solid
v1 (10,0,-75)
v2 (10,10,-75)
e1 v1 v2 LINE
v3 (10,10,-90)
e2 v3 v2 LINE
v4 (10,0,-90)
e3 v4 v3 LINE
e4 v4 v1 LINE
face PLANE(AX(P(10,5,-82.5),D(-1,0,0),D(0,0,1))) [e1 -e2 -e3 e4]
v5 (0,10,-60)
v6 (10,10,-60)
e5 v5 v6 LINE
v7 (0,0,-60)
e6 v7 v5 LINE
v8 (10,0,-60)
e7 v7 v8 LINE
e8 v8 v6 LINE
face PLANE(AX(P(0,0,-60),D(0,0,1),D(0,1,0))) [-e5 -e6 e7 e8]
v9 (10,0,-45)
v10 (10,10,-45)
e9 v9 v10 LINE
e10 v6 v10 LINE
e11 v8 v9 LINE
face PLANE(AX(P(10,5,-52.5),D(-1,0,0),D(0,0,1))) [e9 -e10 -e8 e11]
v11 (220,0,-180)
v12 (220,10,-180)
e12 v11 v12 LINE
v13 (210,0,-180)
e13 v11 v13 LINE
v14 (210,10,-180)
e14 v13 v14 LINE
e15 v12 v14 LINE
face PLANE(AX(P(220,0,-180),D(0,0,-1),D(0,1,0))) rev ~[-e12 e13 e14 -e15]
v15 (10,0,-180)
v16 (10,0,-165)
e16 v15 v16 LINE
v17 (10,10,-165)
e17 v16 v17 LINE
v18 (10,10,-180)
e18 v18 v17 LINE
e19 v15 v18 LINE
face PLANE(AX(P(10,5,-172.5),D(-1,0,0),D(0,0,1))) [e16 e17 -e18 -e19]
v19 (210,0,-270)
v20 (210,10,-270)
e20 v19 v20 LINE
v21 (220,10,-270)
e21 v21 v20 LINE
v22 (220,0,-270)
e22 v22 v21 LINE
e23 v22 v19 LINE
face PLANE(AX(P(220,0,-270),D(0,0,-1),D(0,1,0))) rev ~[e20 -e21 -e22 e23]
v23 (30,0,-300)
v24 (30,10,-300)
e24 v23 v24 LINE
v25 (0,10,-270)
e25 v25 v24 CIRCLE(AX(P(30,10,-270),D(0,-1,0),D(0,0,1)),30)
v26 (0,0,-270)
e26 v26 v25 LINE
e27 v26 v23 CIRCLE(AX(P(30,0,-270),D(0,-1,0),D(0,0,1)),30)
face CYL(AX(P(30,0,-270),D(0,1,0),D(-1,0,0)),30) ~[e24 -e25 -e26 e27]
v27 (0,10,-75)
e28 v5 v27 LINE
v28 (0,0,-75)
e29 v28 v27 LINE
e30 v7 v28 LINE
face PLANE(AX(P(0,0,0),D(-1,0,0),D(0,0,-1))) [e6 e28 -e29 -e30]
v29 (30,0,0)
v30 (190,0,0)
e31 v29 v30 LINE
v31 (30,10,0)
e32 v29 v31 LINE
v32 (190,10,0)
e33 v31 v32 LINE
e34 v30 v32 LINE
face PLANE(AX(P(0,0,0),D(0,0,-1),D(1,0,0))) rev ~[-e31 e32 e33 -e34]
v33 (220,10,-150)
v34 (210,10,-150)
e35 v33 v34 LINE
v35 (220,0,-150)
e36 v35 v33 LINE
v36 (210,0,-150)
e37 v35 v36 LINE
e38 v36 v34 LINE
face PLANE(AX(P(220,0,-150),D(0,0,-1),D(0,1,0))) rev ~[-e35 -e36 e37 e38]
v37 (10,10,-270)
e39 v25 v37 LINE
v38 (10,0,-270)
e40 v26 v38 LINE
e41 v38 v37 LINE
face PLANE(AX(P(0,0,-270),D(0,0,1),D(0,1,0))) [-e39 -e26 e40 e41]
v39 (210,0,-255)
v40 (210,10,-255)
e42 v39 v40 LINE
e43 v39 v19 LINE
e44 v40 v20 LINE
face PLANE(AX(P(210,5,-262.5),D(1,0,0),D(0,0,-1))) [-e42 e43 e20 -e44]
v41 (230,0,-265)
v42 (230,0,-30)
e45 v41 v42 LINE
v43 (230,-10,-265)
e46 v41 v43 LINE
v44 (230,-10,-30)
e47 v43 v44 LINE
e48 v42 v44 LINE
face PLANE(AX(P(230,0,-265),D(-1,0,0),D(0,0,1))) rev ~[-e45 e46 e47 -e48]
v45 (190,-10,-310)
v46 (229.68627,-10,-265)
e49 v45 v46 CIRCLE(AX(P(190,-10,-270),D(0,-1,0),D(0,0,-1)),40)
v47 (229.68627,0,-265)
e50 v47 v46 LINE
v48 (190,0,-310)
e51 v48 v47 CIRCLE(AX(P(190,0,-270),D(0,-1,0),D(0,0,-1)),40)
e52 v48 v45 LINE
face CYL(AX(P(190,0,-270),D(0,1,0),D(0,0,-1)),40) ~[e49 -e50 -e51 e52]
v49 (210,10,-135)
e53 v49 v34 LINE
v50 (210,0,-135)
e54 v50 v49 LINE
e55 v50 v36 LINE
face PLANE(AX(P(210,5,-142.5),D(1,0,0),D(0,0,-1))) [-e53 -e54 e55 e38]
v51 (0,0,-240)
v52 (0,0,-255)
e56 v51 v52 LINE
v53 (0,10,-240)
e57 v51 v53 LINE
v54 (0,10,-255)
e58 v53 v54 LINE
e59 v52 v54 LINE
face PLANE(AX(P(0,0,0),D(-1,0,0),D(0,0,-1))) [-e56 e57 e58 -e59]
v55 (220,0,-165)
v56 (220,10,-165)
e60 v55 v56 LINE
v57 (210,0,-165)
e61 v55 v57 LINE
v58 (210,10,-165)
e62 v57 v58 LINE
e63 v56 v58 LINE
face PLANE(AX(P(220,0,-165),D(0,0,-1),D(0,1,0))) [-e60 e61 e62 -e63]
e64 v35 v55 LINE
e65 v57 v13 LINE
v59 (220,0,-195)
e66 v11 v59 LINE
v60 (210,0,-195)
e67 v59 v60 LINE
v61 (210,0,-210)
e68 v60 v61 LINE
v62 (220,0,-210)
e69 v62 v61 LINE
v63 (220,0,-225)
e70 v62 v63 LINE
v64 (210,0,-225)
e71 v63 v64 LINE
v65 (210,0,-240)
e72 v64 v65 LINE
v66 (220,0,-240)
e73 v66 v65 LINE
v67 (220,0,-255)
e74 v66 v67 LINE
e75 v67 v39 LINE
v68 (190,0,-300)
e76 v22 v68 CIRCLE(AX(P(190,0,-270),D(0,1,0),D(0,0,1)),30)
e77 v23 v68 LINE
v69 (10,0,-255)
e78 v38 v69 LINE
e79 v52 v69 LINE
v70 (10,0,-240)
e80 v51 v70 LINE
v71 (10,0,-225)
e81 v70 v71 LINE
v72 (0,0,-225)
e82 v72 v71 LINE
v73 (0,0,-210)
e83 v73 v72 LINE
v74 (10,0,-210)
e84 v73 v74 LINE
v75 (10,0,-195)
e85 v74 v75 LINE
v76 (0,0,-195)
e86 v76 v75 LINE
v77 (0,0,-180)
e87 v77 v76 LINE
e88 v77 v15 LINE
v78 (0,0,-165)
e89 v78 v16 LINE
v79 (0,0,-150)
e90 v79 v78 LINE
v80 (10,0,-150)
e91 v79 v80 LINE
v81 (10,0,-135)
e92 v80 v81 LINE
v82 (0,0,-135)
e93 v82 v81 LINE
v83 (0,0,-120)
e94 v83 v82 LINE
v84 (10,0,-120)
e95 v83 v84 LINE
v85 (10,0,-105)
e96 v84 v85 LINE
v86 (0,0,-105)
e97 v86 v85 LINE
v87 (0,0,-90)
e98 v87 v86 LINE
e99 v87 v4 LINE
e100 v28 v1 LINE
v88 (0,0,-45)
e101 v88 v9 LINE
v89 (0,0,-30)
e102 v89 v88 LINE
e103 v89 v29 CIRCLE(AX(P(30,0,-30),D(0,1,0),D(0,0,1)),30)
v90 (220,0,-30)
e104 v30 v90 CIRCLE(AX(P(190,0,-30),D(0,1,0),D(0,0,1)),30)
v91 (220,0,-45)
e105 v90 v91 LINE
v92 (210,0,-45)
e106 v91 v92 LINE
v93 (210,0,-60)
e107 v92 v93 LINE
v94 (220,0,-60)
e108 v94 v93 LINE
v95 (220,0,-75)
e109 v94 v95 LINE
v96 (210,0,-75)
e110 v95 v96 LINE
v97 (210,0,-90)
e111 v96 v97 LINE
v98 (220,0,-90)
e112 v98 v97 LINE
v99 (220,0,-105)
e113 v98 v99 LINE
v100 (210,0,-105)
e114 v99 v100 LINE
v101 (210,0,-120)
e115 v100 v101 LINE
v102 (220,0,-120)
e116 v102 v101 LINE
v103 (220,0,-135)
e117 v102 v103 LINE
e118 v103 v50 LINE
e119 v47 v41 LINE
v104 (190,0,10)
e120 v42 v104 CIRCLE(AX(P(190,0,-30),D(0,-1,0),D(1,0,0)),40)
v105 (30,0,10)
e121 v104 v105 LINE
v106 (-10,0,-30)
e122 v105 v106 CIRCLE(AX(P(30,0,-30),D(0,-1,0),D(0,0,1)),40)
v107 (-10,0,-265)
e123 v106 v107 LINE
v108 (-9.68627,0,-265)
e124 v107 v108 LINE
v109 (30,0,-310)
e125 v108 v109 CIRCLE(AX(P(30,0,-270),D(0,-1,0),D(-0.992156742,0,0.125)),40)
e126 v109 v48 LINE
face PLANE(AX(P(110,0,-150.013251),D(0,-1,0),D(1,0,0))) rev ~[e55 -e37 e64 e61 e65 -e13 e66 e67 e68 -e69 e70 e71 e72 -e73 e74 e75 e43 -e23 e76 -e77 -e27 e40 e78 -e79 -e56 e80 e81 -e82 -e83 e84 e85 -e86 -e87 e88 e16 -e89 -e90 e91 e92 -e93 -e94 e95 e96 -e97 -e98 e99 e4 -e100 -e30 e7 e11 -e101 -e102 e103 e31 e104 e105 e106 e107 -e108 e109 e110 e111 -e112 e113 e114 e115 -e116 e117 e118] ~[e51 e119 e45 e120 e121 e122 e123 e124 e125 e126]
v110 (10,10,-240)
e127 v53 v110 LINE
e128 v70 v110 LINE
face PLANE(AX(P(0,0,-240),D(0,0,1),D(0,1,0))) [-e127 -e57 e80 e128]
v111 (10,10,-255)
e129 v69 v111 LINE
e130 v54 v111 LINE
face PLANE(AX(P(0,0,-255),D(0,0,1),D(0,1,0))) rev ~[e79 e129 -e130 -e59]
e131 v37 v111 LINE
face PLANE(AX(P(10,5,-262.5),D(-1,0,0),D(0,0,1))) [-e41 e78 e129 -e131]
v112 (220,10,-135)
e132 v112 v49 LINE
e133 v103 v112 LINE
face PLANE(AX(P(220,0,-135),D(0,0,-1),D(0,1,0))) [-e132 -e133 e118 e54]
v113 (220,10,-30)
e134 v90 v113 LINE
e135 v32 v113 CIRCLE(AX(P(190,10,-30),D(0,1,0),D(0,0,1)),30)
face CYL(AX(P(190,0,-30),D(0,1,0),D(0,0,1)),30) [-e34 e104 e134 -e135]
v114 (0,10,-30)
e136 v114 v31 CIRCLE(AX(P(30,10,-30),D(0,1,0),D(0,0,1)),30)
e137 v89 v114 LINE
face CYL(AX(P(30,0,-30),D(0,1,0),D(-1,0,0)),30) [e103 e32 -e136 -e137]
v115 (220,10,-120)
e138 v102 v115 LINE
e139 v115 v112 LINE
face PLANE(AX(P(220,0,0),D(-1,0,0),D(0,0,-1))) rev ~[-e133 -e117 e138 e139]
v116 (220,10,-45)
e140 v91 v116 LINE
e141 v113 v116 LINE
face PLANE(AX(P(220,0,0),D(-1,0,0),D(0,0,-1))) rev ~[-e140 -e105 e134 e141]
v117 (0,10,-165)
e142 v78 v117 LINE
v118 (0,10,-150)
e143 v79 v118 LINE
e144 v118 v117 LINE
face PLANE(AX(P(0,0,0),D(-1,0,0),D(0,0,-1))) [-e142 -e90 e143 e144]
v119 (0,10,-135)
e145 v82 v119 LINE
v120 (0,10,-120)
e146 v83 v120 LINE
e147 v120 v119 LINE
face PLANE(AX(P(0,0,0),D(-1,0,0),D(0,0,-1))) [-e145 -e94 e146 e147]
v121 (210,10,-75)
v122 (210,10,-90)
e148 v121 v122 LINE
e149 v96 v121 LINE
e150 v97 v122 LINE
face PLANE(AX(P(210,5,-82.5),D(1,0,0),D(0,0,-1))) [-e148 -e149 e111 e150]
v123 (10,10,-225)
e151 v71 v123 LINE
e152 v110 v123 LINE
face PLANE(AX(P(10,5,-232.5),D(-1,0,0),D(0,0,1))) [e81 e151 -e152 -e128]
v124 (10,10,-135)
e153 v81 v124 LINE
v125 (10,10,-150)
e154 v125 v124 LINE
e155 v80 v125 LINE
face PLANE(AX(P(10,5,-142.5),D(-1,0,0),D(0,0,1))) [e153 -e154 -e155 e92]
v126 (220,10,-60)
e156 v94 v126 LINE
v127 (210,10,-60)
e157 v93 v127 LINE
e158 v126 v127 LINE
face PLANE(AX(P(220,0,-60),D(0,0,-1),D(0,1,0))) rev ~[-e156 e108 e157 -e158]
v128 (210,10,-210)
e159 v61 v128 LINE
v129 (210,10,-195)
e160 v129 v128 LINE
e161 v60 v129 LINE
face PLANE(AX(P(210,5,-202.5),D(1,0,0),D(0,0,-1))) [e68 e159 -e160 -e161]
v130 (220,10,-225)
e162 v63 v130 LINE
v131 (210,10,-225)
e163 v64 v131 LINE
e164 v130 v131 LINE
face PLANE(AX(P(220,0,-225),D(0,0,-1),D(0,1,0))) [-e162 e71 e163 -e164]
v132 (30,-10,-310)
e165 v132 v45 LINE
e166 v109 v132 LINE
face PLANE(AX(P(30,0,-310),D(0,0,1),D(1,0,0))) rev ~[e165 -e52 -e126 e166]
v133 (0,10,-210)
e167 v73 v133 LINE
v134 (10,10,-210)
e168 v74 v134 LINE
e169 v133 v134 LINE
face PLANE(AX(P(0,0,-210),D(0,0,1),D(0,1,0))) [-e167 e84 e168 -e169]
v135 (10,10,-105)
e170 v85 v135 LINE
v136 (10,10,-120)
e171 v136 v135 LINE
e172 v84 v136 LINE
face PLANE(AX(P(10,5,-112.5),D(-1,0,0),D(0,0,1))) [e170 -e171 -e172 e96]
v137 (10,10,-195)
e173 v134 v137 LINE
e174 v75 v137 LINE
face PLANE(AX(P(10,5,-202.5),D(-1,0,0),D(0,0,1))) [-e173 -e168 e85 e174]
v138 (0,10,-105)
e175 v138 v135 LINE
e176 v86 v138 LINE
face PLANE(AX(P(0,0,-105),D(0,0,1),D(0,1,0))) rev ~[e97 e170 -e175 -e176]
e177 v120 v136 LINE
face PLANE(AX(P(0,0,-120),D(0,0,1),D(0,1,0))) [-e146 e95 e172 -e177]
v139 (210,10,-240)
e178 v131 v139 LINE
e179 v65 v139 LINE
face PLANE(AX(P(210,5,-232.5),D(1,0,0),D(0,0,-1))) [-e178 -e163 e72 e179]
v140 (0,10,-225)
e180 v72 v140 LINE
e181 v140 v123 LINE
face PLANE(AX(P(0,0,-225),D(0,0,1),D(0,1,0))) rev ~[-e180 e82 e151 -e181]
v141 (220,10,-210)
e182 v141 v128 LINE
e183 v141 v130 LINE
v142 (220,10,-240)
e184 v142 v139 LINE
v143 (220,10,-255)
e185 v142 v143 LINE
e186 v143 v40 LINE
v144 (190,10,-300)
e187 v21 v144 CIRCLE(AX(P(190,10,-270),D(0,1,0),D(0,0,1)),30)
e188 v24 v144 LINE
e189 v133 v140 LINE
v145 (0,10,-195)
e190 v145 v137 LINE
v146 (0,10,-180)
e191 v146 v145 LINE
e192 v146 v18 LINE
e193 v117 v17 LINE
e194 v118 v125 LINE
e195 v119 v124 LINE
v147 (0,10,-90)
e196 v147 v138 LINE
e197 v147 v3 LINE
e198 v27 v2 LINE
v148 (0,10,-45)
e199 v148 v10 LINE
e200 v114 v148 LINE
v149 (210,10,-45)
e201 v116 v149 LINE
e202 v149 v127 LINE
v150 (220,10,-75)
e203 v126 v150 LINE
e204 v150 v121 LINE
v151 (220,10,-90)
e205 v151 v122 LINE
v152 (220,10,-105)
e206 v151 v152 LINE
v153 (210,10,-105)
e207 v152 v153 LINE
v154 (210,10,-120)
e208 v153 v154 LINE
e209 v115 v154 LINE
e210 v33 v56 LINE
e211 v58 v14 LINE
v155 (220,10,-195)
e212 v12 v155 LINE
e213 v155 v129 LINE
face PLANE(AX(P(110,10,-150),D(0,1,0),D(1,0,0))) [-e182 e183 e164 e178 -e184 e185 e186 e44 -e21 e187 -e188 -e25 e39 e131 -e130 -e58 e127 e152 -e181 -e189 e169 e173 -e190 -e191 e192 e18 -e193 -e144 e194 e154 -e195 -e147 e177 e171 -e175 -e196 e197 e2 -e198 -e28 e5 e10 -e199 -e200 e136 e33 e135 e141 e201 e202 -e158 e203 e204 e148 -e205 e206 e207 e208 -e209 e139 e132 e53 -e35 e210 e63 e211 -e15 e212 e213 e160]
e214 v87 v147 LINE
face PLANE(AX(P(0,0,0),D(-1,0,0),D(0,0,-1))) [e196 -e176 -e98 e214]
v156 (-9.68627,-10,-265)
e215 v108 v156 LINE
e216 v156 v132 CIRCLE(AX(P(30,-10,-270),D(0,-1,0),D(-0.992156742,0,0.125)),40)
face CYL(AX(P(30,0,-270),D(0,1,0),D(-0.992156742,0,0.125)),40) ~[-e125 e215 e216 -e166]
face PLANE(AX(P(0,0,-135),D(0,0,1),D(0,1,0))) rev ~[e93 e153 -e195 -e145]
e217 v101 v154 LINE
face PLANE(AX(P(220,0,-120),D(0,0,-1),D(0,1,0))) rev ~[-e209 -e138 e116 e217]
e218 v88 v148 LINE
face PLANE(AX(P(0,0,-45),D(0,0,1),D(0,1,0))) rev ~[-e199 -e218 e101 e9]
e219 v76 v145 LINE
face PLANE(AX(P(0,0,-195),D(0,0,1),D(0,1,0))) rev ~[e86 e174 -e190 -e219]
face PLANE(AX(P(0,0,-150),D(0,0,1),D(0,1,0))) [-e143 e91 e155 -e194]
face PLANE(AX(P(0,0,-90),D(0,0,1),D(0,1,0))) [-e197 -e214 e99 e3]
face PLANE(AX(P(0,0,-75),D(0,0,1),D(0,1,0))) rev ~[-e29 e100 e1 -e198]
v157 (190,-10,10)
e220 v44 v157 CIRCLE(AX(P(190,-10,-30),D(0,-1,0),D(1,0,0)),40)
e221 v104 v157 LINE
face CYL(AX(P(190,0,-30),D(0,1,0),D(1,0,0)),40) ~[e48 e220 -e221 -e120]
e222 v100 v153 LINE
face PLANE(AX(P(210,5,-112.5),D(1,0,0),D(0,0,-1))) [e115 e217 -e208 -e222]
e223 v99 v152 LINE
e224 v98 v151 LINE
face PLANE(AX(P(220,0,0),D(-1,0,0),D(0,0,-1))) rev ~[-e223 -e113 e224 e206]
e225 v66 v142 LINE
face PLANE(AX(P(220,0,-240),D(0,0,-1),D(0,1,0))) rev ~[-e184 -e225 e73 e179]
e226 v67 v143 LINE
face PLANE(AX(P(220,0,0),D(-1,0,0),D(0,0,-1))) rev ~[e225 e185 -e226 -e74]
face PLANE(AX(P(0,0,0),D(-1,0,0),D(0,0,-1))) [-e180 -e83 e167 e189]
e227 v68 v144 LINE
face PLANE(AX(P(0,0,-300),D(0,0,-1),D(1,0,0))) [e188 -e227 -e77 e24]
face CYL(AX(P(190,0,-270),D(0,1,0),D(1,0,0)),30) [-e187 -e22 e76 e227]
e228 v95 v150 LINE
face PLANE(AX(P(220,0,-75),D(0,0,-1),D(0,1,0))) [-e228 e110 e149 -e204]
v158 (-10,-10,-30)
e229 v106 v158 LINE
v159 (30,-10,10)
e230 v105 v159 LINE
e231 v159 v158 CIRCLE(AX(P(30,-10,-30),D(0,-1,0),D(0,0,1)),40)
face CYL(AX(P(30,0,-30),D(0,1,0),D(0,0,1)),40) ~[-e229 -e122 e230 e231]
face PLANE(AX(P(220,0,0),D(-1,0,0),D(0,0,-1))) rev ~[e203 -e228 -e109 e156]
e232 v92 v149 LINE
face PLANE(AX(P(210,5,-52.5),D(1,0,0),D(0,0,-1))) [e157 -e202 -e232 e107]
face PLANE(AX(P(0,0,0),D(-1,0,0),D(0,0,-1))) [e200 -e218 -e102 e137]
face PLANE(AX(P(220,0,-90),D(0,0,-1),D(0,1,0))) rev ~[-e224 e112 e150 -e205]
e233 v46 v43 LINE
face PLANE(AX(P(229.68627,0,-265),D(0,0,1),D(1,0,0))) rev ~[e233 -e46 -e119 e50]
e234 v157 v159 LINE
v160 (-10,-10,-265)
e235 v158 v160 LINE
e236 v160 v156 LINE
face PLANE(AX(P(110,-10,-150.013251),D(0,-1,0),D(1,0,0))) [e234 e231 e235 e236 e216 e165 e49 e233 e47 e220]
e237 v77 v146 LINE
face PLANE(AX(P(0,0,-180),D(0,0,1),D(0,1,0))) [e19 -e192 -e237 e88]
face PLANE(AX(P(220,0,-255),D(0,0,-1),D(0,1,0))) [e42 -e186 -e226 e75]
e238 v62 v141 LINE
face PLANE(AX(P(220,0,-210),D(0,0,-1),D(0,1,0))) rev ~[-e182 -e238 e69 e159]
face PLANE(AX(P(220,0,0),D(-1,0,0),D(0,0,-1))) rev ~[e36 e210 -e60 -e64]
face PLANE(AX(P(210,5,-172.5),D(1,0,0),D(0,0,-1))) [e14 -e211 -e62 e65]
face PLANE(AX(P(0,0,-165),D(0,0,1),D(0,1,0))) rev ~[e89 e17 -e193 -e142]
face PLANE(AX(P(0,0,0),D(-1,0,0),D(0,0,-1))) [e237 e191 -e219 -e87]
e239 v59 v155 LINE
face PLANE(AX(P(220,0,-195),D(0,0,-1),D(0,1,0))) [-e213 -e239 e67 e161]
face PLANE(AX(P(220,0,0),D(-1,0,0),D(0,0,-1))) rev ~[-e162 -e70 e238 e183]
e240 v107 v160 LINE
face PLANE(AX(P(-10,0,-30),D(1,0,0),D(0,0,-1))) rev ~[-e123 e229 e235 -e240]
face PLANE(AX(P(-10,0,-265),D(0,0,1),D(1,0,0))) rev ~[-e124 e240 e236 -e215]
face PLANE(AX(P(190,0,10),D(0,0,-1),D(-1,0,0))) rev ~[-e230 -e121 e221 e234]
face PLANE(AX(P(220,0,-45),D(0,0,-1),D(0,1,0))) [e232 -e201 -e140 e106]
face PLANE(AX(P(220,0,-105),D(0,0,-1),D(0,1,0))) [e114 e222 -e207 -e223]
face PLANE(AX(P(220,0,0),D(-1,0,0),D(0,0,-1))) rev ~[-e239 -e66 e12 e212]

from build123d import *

# Parameters (mm, degrees)
SKETCH1_W           = 220
SKETCH1_H           = 300
BOSS_EXTRUDE1_DEPTH = 10
FILLET1_R           = 30
SKETCH9_W           = 15
SKETCH9_H           = 10
CUT_EXTRUDE1_DEPTH  = 10
SKETCH8_W           = 15
SKETCH8_H           = 10
CUT_EXTRUDE2_DEPTH  = 10
BOSS_EXTRUDE3_DEPTH = 10


with BuildPart() as part:
    # Sketch1 → Boss-Extrude1 (new body)
    with BuildSketch(Plane(origin=(0, 0, 0), x_dir=(1, 0, 0), z_dir=(0, 1, 0))):
        with Locations((110, 150)):
            Rectangle(SKETCH1_W, SKETCH1_H)
    extrude(amount=BOSS_EXTRUDE1_DEPTH)

    # Fillet1
    fillet1_edges = [part.edges().sort_by_distance(p)[0] for p in [
        (0, 5, -300),
        (220, 5, -300),
        (220, 5, 0),
        (0, 5, 0),
    ]]
    fillet(fillet1_edges, radius=FILLET1_R)

    # Sketch9 → Cut-Extrude1 (cut)
    with BuildSketch(Plane(origin=(220, 0, 0), x_dir=(0, 0, -1), z_dir=(1, 0, 0))):
        with Locations((262.5, 5)):
            Rectangle(SKETCH9_W, SKETCH9_H)
        with Locations((232.5, 5)):
            Rectangle(SKETCH9_W, SKETCH9_H)
        with Locations((202.5, 5)):
            Rectangle(SKETCH9_W, SKETCH9_H)
        with Locations((172.5, 5)):
            Rectangle(SKETCH9_W, SKETCH9_H)
        with Locations((142.5, 5)):
            Rectangle(SKETCH9_W, SKETCH9_H)
        with Locations((112.5, 5)):
            Rectangle(SKETCH9_W, SKETCH9_H)
        with Locations((82.5, 5)):
            Rectangle(SKETCH9_W, SKETCH9_H)
        with Locations((52.5, 5)):
            Rectangle(SKETCH9_W, SKETCH9_H)
    extrude(amount=-CUT_EXTRUDE1_DEPTH, mode=Mode.SUBTRACT)

    # Sketch8 → Cut-Extrude2 (cut)
    with BuildSketch(Plane.ZY):
        with Locations((-262.5, 5)):
            Rectangle(SKETCH8_W, SKETCH8_H)
        with Locations((-232.5, 5)):
            Rectangle(SKETCH8_W, SKETCH8_H)
        with Locations((-202.5, 5)):
            Rectangle(SKETCH8_W, SKETCH8_H)
        with Locations((-172.5, 5)):
            Rectangle(SKETCH8_W, SKETCH8_H)
        with Locations((-142.5, 5)):
            Rectangle(SKETCH8_W, SKETCH8_H)
        with Locations((-112.5, 5)):
            Rectangle(SKETCH8_W, SKETCH8_H)
        with Locations((-82.5, 5)):
            Rectangle(SKETCH8_W, SKETCH8_H)
        with Locations((-52.5, 5)):
            Rectangle(SKETCH8_W, SKETCH8_H)
    extrude(amount=-CUT_EXTRUDE2_DEPTH, mode=Mode.SUBTRACT)

    # Sketch11 → Boss-Extrude3 (add)
    with BuildSketch(Plane.XZ):
        with BuildLine():
            Line((229.686269666, -265), (230, -265))
            Line((230, -265), (230, -30))
            ThreePointArc((230, -30), (218.284271247, -1.715728753), (190, 10))
            Line((190, 10), (30, 10))
            ThreePointArc((30, 10), (1.715728753, -1.715728753), (-10, -30))
            Line((-10, -30), (-10, -265))
            Line((-10, -265), (-9.686269666, -265))
            ThreePointArc((-9.686269666, -265), (0, -296.457513111), (30, -310))
            Line((30, -310), (190, -310))
            ThreePointArc((190, -310), (220, -296.457513111), (229.686269666, -265))
        make_face()
    extrude(amount=BOSS_EXTRUDE3_DEPTH)


solid = part.part
